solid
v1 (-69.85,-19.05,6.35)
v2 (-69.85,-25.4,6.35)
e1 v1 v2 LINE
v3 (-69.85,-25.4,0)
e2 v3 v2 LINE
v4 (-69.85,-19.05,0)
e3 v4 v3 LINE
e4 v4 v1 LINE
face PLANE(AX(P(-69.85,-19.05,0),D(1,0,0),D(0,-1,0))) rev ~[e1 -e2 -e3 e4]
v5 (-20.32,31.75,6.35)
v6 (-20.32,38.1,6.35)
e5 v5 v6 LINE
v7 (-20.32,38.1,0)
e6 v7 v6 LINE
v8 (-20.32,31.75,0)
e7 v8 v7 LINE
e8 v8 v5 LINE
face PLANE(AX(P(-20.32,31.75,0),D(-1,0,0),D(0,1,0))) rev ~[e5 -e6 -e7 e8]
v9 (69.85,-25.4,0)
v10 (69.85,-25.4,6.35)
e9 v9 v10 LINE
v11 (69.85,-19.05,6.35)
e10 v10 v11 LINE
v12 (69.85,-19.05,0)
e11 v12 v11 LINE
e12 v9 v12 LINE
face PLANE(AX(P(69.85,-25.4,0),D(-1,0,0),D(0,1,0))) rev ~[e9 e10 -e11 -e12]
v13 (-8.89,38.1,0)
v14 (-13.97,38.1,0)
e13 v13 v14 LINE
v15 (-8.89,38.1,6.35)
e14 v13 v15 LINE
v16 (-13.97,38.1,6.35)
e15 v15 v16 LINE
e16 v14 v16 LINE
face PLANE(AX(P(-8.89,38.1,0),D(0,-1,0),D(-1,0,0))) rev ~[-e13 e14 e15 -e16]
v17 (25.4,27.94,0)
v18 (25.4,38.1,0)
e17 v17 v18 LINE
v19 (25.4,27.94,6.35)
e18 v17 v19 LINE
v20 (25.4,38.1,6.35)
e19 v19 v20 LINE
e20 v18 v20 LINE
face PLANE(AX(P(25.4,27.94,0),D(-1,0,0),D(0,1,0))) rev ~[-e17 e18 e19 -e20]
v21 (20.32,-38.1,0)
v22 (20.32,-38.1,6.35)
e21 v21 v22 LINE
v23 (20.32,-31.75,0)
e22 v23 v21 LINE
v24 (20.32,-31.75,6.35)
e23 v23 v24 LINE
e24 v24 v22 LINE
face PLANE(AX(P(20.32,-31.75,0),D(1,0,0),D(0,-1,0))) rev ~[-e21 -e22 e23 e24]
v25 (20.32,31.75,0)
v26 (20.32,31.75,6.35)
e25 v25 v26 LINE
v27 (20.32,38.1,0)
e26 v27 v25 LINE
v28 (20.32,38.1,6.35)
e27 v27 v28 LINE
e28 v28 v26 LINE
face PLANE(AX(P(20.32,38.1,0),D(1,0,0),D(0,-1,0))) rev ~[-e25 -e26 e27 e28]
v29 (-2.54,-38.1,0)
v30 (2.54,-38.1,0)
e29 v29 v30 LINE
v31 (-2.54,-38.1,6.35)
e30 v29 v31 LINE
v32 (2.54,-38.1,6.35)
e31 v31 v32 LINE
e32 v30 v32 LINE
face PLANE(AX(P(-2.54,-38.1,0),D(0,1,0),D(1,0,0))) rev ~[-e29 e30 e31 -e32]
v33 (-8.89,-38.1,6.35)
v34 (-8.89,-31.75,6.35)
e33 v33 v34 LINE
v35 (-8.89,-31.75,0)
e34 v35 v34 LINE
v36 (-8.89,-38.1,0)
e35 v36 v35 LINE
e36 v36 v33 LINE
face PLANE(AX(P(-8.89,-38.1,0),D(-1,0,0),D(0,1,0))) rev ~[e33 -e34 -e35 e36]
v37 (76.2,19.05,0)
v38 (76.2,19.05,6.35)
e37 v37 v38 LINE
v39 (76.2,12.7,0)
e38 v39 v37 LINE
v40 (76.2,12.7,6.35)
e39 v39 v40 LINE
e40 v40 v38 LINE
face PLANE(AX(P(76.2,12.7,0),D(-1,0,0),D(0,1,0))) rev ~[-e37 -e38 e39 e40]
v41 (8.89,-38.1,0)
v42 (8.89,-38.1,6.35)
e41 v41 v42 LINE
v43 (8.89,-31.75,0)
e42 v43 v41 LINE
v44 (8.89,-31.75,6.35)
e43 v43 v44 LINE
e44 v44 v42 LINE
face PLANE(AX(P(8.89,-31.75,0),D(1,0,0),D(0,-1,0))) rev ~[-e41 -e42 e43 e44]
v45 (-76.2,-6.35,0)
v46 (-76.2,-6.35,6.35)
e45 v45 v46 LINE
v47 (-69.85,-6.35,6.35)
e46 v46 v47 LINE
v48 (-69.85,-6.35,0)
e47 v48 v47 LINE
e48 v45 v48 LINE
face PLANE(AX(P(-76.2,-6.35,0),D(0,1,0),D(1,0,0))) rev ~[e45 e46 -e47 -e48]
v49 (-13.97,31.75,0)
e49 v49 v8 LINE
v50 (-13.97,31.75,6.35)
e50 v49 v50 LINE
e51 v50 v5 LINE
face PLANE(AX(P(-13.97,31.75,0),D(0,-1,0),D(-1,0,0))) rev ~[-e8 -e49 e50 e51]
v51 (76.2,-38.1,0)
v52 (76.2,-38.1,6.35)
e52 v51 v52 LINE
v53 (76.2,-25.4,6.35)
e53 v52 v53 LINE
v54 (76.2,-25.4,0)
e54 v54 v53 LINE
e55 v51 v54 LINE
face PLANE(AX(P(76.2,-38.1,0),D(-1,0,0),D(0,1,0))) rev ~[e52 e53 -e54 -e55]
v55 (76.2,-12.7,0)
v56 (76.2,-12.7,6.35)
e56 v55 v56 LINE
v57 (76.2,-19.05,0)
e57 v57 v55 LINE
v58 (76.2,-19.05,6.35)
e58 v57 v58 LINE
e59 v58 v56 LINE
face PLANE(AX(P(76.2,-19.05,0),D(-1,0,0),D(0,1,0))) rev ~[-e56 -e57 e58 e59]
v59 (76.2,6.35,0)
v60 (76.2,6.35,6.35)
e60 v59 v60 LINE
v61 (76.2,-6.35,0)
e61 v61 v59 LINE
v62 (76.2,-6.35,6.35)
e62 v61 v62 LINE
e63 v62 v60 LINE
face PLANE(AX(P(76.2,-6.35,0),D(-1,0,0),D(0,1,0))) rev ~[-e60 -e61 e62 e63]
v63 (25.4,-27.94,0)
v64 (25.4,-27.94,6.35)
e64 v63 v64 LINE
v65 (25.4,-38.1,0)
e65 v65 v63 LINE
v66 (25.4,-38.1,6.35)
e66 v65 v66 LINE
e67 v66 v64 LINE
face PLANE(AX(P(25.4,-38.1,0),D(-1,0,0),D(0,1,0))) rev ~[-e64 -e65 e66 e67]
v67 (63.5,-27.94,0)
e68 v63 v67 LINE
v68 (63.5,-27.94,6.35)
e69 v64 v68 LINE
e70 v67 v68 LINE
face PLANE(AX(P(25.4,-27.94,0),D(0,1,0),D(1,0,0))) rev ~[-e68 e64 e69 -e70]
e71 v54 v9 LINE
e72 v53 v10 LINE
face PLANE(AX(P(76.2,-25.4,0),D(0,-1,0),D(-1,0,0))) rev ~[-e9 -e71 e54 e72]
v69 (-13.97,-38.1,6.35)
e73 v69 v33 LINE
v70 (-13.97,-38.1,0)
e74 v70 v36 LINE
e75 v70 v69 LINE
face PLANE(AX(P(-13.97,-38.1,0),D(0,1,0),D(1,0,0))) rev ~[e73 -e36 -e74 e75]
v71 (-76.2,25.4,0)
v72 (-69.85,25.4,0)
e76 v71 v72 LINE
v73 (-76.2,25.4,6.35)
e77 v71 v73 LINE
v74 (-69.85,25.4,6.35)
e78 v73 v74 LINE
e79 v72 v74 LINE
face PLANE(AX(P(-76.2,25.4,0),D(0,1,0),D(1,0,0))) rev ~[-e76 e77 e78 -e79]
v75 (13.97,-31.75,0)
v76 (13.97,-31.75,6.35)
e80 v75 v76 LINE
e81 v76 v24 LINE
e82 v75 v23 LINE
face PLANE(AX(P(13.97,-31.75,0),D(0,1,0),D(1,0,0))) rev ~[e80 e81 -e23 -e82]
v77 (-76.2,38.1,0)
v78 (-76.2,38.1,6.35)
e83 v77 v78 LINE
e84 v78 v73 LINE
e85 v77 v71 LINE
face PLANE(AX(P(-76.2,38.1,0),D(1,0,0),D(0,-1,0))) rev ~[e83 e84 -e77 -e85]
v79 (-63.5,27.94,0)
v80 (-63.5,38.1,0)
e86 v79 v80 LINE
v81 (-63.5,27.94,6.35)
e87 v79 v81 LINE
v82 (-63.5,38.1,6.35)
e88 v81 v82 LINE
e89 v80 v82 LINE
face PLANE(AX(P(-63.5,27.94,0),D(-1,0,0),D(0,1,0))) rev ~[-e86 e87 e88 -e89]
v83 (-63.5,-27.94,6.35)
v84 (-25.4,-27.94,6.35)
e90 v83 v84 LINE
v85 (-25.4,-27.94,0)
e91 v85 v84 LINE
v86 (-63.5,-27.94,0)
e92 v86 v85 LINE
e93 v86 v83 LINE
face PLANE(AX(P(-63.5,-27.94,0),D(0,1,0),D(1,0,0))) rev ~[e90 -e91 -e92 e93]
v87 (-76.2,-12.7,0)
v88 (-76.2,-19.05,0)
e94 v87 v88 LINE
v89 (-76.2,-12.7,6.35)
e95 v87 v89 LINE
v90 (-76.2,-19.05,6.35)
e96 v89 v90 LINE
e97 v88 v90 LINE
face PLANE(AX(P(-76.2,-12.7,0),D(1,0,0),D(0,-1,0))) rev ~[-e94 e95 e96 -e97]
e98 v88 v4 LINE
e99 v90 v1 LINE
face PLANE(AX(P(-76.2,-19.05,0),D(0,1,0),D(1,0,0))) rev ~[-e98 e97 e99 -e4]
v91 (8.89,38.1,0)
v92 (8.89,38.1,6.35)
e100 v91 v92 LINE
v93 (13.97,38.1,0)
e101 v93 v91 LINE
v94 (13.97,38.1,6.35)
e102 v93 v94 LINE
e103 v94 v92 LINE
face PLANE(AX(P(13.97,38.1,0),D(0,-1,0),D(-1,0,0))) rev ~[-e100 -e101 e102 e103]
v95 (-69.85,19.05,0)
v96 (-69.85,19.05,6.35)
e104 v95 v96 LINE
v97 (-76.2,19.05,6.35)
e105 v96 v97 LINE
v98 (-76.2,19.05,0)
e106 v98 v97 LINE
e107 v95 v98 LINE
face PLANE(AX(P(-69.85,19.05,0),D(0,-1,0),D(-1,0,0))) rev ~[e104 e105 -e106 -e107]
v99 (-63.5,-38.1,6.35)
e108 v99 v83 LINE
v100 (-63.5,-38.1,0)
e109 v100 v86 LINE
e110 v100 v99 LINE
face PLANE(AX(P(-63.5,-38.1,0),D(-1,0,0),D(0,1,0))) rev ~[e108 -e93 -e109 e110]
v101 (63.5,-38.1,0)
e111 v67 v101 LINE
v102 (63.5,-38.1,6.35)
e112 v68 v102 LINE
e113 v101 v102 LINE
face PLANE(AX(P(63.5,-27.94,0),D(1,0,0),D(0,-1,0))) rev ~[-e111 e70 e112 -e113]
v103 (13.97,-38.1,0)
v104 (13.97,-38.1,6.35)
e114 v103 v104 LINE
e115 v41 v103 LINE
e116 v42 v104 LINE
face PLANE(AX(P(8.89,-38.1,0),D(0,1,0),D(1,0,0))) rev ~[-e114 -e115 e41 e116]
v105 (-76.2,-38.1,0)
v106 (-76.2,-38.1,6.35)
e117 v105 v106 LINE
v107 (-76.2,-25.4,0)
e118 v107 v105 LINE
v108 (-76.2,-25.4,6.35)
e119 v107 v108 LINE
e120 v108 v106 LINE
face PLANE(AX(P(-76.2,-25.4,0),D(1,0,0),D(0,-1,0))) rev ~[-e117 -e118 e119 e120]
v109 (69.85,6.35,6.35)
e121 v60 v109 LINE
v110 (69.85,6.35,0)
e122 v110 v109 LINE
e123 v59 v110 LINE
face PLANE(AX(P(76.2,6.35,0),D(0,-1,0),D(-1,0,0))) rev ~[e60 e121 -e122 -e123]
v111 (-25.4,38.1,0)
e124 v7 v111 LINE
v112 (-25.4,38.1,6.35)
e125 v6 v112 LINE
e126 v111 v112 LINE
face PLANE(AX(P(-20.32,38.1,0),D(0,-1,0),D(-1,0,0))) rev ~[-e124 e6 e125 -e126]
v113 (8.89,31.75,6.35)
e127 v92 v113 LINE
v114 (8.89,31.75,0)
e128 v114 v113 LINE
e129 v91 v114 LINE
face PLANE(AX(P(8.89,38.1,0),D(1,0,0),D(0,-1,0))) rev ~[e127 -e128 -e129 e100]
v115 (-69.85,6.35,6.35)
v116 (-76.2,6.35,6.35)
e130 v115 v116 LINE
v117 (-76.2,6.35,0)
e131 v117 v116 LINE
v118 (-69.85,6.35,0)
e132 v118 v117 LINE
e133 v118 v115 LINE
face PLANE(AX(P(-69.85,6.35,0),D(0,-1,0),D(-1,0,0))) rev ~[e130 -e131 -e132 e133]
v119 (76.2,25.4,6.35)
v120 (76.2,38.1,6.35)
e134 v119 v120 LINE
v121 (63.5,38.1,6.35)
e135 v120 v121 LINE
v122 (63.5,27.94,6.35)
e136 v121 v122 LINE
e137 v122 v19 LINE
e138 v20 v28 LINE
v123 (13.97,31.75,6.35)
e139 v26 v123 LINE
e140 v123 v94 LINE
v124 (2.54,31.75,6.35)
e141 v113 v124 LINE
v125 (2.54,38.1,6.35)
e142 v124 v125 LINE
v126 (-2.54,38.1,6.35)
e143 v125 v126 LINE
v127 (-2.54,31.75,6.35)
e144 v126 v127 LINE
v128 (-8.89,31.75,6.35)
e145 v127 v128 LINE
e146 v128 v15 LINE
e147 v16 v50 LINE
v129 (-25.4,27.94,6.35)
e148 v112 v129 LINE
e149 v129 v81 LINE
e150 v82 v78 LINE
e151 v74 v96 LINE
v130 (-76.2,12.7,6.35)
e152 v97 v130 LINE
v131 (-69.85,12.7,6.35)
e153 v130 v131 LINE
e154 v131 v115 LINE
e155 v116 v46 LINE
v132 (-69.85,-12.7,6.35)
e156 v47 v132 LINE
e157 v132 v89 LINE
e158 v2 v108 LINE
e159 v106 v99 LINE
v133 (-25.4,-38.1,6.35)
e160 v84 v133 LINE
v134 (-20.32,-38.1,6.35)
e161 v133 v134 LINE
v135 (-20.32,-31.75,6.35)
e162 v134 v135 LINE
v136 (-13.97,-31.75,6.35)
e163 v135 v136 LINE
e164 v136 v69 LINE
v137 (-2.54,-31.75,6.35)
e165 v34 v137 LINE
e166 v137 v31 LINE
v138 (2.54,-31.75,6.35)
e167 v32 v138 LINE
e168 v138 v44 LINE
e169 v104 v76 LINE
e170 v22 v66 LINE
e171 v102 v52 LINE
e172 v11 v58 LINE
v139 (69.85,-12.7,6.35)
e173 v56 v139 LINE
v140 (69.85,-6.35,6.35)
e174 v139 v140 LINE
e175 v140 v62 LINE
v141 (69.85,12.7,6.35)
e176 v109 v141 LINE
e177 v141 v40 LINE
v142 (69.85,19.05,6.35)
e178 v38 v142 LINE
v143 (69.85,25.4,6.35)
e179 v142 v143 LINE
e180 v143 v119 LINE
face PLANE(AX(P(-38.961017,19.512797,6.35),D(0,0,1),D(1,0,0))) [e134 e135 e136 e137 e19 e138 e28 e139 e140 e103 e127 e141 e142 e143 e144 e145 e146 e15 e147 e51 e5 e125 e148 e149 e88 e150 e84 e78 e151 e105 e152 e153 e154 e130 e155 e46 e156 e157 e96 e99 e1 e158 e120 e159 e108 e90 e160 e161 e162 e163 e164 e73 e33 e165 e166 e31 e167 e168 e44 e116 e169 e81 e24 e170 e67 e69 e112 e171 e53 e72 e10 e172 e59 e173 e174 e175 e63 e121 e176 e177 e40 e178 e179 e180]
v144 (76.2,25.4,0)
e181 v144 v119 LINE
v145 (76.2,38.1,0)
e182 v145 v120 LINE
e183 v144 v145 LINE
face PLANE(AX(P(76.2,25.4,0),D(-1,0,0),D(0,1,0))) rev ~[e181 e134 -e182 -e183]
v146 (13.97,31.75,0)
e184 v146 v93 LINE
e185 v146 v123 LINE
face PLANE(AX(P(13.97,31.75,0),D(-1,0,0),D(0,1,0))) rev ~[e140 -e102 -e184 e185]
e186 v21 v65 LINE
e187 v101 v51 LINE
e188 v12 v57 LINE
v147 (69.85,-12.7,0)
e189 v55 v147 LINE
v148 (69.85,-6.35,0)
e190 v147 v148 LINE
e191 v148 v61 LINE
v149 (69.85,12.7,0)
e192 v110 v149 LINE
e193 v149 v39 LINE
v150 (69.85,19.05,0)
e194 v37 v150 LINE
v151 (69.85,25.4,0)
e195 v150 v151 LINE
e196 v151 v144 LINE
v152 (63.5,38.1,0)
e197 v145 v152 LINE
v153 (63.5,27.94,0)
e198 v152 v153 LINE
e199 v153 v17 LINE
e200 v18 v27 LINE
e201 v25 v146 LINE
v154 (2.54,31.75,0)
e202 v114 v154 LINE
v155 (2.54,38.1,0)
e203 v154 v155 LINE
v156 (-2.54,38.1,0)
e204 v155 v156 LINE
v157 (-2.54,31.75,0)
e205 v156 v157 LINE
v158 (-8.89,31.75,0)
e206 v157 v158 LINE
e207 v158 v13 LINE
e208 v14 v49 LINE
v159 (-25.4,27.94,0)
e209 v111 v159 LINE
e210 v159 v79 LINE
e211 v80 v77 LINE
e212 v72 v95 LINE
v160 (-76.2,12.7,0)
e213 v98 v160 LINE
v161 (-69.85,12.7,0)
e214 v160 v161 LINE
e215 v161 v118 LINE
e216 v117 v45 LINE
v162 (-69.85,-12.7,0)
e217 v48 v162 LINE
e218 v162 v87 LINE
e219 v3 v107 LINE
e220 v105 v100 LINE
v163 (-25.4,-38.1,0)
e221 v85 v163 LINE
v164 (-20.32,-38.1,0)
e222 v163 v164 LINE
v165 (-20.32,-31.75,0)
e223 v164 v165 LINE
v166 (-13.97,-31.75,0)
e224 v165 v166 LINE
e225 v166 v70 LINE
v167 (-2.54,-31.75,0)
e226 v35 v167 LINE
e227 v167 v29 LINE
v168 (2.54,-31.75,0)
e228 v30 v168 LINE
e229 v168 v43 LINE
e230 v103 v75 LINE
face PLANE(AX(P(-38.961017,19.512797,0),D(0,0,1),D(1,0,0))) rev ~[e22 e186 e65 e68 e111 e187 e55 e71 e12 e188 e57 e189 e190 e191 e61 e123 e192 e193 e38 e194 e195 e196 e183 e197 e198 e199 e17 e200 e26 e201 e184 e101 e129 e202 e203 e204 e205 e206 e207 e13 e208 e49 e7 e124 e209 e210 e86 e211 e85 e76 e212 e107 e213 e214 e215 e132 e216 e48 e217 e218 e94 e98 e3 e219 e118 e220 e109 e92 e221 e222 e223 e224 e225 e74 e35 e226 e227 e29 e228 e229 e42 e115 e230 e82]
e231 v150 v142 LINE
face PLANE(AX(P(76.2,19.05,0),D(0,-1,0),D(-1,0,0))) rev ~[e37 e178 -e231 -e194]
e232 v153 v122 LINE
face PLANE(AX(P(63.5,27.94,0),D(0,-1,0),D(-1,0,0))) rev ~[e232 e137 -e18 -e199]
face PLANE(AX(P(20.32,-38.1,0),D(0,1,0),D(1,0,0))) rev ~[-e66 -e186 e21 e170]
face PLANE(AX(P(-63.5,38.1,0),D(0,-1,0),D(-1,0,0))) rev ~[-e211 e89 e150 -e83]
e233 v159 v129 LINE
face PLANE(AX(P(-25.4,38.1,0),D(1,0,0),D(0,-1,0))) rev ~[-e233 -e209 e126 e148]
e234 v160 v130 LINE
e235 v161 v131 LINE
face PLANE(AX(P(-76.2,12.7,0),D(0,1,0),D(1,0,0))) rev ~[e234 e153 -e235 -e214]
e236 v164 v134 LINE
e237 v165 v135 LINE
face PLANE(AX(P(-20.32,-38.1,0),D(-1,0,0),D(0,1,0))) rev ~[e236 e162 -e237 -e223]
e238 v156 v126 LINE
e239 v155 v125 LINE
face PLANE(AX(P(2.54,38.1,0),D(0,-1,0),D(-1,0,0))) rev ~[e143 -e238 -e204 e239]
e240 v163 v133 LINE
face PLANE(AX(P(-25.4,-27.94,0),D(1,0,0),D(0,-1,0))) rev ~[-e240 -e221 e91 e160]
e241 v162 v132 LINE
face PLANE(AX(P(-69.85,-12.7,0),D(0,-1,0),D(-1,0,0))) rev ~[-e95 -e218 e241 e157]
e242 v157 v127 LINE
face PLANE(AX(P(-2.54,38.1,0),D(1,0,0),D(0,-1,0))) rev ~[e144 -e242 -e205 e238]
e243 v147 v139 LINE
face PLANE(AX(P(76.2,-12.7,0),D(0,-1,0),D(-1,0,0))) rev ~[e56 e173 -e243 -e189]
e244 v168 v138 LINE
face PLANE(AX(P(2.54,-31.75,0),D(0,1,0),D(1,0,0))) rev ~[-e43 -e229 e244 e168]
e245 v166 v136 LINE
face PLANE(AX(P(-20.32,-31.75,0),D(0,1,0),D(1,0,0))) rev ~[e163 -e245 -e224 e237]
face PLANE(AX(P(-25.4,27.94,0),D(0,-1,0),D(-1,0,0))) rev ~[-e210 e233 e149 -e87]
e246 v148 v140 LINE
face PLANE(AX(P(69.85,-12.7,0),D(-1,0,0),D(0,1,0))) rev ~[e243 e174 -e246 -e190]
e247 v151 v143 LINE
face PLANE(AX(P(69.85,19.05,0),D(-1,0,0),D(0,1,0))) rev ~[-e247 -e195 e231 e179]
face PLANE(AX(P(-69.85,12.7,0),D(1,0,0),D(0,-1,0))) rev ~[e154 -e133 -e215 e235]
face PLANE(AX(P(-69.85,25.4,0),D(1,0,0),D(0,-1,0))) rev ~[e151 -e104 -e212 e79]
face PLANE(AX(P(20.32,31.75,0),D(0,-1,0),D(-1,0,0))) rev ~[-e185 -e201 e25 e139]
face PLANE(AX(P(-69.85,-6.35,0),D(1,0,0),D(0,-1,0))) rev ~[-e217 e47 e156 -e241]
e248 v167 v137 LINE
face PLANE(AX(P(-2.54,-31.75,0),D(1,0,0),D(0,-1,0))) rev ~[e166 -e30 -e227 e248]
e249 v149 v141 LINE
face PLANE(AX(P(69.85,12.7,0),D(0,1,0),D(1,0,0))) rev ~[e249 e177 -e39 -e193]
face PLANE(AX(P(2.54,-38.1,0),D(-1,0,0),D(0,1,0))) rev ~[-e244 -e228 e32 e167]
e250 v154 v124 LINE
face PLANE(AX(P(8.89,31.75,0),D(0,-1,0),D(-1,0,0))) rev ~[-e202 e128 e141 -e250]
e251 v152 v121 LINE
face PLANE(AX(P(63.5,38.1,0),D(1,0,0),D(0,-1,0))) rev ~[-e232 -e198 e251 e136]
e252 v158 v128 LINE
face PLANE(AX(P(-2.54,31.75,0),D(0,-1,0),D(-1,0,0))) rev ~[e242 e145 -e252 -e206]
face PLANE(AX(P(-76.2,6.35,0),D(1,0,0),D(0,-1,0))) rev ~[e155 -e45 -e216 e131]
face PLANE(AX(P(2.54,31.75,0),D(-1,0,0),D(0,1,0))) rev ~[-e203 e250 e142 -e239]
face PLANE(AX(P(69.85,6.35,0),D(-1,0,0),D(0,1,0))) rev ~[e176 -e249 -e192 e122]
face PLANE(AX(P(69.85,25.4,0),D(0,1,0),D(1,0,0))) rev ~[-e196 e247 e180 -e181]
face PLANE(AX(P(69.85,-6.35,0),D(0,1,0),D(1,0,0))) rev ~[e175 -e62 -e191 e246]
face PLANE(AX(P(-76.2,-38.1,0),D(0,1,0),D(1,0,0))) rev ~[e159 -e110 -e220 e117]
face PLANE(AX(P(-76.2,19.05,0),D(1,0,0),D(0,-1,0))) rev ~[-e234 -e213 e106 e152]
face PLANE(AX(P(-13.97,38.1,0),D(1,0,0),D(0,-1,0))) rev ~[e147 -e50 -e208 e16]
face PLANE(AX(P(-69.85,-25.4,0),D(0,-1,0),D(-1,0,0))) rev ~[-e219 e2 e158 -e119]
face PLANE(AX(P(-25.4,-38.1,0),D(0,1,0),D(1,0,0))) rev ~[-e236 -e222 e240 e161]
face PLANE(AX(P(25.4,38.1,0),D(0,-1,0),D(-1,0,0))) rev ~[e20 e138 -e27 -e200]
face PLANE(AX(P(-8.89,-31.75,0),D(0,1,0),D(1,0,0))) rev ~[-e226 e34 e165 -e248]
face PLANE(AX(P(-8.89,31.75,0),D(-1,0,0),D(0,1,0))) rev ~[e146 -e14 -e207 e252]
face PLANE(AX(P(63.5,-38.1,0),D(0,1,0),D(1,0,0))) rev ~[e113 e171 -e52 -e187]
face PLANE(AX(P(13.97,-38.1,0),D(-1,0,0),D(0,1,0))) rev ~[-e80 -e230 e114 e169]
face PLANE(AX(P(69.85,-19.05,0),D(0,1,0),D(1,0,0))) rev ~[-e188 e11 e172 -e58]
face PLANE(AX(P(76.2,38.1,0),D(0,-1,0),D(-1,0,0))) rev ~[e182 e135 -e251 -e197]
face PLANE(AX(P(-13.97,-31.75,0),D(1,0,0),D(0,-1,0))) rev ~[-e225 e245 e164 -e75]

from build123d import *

# Parameters (mm, degrees)
F1_DEPTH = 6.35


with BuildPart() as f1:
    # F0 (on Top) → F1 (new body)
    with BuildSketch(Plane.XY):
        Polygon((-76.2, 0), (0, 0), (0, 38.1), (-2.54, 38.1), (-2.54, 31.75), (-8.89, 31.75), (-8.89, 38.1), (-13.97, 38.1), (-13.97, 31.75), (-20.32, 31.75), (-20.32, 38.1), (-25.4, 38.1), (-25.4, 27.94), (-63.5, 27.94), (-63.5, 38.1), (-76.2, 38.1), (-76.2, 25.4), (-69.85, 25.4), (-69.85, 19.05), (-76.2, 19.05), (-76.2, 12.7), (-69.85, 12.7), (-69.85, 6.35), (-76.2, 6.35), align=None)
        Polygon((0, -38.1), (0, 0), (-76.2, 0), (-76.2, -6.35), (-69.85, -6.35), (-69.85, -12.7), (-76.2, -12.7), (-76.2, -19.05), (-69.85, -19.05), (-69.85, -25.4), (-76.2, -25.4), (-76.2, -38.1), (-63.5, -38.1), (-63.5, -27.94), (-25.4, -27.94), (-25.4, -38.1), (-20.32, -38.1), (-20.32, -31.75), (-13.97, -31.75), (-13.97, -38.1), (-8.89, -38.1), (-8.89, -31.75), (-2.54, -31.75), (-2.54, -38.1), align=None)
        Polygon((63.5, -38.1), (76.2, -38.1), (76.2, -25.4), (69.85, -25.4), (69.85, -19.05), (76.2, -19.05), (76.2, -12.7), (69.85, -12.7), (69.85, -6.35), (76.2, -6.35), (76.2, 0), (0, 0), (0, -38.1), (2.54, -38.1), (2.54, -31.75), (8.89, -31.75), (8.89, -38.1), (13.97, -38.1), (13.97, -31.75), (20.32, -31.75), (20.32, -38.1), (25.4, -38.1), (25.4, -27.94), (63.5, -27.94), align=None)
        Polygon((0, 0), (76.2, 0), (76.2, 6.35), (69.85, 6.35), (69.85, 12.7), (76.2, 12.7), (76.2, 19.05), (69.85, 19.05), (69.85, 25.4), (76.2, 25.4), (76.2, 38.1), (63.5, 38.1), (63.5, 27.94), (25.4, 27.94), (25.4, 38.1), (20.32, 38.1), (20.32, 31.75), (13.97, 31.75), (13.97, 38.1), (8.89, 38.1), (8.89, 31.75), (2.54, 31.75), (2.54, 38.1), (0, 38.1), align=None)
    extrude(amount=F1_DEPTH)


solid = f1.part
